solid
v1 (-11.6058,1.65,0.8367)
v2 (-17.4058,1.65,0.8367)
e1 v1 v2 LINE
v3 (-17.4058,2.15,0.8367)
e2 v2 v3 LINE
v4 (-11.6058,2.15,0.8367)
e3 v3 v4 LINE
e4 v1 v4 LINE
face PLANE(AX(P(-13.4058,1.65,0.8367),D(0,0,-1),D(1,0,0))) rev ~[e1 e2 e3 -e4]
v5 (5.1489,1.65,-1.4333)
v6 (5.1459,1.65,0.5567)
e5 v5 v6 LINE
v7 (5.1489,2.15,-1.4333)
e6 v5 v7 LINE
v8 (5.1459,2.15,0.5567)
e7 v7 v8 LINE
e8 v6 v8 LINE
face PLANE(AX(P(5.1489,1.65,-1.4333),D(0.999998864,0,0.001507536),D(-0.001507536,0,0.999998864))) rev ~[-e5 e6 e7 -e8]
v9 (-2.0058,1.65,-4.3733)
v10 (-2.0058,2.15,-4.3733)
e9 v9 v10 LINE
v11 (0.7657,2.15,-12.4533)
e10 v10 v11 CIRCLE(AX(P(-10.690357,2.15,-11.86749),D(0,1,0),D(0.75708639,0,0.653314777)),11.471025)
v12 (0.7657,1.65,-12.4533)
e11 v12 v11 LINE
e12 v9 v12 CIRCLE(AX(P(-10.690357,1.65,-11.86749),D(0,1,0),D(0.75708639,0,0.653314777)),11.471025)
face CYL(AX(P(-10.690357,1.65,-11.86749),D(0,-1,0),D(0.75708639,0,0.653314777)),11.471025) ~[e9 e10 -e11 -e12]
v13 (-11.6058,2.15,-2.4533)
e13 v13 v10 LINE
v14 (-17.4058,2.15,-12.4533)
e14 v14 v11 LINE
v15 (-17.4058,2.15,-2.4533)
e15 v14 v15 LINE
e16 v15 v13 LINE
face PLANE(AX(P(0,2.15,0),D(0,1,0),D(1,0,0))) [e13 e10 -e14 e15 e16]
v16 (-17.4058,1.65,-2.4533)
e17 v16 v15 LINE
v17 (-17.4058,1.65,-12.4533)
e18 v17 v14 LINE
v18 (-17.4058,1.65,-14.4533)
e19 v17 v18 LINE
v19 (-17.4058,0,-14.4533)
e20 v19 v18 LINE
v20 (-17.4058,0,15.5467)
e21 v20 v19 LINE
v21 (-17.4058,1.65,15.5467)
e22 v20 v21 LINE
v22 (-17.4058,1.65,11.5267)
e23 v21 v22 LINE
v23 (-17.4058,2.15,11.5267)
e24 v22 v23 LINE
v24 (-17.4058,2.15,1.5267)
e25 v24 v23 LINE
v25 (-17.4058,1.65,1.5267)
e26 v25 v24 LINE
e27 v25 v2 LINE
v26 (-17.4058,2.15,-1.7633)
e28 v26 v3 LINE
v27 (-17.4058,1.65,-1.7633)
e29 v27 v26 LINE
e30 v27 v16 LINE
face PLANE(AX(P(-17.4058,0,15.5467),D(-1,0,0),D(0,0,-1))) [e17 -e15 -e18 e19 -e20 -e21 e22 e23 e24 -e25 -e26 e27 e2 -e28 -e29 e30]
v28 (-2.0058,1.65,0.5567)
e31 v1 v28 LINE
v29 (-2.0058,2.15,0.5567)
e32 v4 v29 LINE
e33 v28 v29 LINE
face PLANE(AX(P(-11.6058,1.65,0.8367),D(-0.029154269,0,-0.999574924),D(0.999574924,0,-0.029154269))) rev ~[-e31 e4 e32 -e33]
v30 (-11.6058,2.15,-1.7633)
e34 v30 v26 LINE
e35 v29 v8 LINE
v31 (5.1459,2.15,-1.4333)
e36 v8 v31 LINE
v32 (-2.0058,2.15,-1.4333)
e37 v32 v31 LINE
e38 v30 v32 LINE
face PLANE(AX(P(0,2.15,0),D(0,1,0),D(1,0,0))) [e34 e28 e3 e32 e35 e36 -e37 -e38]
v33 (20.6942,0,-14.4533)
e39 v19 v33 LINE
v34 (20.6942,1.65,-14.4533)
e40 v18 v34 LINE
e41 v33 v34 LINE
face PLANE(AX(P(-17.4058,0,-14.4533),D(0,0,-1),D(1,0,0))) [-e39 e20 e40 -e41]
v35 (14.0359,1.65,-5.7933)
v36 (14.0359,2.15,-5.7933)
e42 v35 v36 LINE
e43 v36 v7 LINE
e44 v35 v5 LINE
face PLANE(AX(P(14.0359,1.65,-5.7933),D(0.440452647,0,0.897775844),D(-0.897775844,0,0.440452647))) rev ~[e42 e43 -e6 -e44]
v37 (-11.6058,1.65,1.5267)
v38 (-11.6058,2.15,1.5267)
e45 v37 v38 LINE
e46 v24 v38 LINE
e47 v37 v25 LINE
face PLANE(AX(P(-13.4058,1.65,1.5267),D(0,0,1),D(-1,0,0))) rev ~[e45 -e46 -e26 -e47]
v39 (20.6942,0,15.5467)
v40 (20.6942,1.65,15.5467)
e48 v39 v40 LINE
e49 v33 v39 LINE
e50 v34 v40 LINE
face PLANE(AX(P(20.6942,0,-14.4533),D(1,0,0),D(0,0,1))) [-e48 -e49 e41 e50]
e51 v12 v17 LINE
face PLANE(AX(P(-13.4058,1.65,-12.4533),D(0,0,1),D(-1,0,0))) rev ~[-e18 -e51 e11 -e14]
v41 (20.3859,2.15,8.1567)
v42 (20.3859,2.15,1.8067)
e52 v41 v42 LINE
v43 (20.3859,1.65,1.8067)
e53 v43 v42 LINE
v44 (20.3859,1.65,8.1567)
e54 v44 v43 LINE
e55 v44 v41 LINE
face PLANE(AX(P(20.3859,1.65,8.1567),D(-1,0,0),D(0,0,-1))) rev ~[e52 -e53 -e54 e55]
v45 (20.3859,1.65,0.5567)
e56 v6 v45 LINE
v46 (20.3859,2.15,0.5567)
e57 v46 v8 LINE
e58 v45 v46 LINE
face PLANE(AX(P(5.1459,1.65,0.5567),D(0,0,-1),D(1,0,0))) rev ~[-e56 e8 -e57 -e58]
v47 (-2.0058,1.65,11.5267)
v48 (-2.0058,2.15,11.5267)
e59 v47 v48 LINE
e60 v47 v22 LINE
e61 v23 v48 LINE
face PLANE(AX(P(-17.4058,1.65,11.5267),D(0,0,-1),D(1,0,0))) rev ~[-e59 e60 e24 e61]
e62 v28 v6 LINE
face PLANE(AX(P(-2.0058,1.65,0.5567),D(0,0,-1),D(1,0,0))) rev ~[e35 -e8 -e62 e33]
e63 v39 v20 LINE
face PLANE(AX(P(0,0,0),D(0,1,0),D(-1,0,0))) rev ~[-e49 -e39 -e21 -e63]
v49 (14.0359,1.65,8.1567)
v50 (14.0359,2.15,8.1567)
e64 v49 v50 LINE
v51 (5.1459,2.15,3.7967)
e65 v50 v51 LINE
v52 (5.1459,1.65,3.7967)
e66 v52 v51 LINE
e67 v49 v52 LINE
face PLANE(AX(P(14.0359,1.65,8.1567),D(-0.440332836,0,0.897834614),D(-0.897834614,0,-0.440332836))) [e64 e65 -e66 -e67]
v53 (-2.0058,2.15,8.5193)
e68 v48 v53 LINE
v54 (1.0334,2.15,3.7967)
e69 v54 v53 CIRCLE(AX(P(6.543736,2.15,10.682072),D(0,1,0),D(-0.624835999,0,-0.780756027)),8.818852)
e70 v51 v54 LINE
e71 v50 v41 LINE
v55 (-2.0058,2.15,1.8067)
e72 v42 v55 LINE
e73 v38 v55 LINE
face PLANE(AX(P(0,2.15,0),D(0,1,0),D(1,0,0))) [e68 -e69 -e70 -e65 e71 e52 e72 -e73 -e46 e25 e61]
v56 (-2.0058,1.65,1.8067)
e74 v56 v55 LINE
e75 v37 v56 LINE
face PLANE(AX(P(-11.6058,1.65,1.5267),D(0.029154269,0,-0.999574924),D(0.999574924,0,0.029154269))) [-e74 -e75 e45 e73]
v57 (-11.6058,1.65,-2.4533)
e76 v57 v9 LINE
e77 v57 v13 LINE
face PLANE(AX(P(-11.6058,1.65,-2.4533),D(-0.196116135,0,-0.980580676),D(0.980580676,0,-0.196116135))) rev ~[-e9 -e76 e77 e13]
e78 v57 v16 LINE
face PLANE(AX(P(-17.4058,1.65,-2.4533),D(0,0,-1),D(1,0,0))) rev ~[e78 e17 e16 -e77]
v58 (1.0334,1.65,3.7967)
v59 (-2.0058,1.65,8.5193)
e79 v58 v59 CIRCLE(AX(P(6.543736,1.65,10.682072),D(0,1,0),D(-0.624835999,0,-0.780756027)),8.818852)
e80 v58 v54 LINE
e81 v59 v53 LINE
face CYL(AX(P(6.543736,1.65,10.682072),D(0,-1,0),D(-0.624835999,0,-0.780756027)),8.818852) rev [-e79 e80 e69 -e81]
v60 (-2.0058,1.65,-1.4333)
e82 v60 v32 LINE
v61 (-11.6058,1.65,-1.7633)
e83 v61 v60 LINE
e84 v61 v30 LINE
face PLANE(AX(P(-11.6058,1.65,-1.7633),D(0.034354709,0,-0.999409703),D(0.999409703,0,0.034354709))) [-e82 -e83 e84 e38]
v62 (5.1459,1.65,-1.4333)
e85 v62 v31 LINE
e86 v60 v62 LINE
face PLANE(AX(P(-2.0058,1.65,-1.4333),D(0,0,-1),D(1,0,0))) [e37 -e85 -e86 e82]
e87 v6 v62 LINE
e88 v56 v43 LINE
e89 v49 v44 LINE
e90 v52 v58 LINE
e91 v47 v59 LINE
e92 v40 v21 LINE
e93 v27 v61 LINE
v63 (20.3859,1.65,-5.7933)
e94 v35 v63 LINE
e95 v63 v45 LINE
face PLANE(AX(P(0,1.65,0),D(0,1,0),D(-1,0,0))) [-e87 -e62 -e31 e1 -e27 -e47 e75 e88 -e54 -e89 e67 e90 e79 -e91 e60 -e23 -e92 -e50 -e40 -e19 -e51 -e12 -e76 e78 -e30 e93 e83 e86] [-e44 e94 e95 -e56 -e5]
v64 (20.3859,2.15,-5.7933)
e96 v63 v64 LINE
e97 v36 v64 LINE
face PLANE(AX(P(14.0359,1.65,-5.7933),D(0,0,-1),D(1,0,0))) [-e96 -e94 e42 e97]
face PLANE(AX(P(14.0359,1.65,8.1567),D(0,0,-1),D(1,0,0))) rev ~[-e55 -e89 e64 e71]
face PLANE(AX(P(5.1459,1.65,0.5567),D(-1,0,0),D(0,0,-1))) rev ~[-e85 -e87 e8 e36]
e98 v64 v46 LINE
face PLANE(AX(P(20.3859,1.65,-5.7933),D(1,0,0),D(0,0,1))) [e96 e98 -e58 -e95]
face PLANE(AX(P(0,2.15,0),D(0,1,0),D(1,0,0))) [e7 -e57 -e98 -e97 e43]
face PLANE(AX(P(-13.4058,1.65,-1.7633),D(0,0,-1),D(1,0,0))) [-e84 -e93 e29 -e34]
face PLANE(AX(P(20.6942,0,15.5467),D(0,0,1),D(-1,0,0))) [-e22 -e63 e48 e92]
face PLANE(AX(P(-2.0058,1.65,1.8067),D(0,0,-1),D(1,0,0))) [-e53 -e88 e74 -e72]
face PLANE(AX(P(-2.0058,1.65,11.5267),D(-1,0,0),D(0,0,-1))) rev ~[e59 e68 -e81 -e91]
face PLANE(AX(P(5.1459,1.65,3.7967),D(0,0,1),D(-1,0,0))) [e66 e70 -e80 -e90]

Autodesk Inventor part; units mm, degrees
ref_plane "YZ Plane" through (0, 0, 0) normal (1, 0, 0) x (0, 1, 0)
ref_plane "XZ Plane" through (0, 0, 0) normal (0, 1, 0) x (-1, 0, 0)
ref_plane "XY Plane" through (0, 0, 0) normal (0, 0, 1) x (1, 0, 0)
sketch "Sketch1" plane through (0, 0, 0) normal (0, 1, 0) x (-1, 0, 0)
  line L0 (-20.6942, 15.5467) -> (17.4058, 15.5467)
  line L1 (17.4058, 15.5467) -> (17.4058, -14.4533)
  line L2 (17.4058, -14.4533) -> (-20.6942, -14.4533)
  line L3 (-20.6942, -14.4533) -> (-20.6942, 15.5467)
  point P0 (0, 0)
  dimension "d24" = 30
  dimension "d31" = 38.1
extrude "Extrusion1" add sketch "Sketch1" along normal blind 1.65
sketch "Sketch2" plane through (0, 1.65, 0) normal (0, 1, 0) x (1, 0, 0)
  line L0 (20.6942, 14.4533) -> (-17.4058, 14.4533) projected
  line L1 (-17.4058, 14.4533) -> (-17.4058, -15.5467) projected
  line L2 (-13.4058, -0.8367) -> (-11.6058, -0.8367)
  line L3 (-11.6058, -0.8367) -> (-2.0058, -0.5567)
  line L4 (-2.0058, -0.5567) -> (5.1459, -0.5567)
  line L5 (-13.4058, 1.7633) -> (-13.5518, 1.7633)
  line L6 (-13.4058, -1.5267) -> (-11.6058, -1.5267)
  line L7 (5.1459, -3.7967) -> (1.0334, -3.7967)
  line L8 (-13.4058, 2.4533) -> (-11.6058, 2.4533)
  arc A0 (1.0334, -3.7967) -> (-2.0058, -8.5193) centre (6.5441, -10.6824) ccw
  line L9 (-13.4058, 2.4533) -> (-13.4058, 4.3733)
  line L10 (-13.4058, 4.3733) -> (-2.0058, 4.3733)
  line L11 (-13.4058, 1.7633) -> (-13.4058, -0.8367)
  line L12 (-13.4058, -1.5267) -> (-13.4058, -11.5267)
  line L13 (-13.4058, -11.5267) -> (-2.0058, -11.5267)
  line L14 (-2.0058, -11.5267) -> (-2.0058, -8.5193)
  line L15 (5.1459, -3.7967) -> (5.1459, -1.8067)
  line L16 (5.1459, -0.5567) -> (5.1459, 1.4333)
  line L17 (-2.0058, -1.8067) -> (5.1459, -1.8067)
  line L18 (-13.4058, 1.7633) -> (-11.6058, 1.7633)
  line L19 (-11.6058, 1.7633) -> (-2.0058, 1.4333)
  line L20 (-2.0058, 1.4333) -> (5.1459, 1.4333)
  line L21 (-11.6058, 2.4533) -> (-2.0058, 4.3733)
  line L22 (-11.6058, -1.5267) -> (-2.0058, -1.8067)
  line L23 (-13.4058, 4.3733) -> (-13.4058, 12.4533)
  line L24 (-13.4058, 12.4533) -> (0.7657, 12.4533)
  arc A1 (-2.0058, 4.3733) -> (0.7657, 12.4533) centre (-10.6902, 11.8674) ccw
  line L25 (-13.4058, 12.4533) -> (-17.4058, 12.4533)
  line L26 (-17.4058, 12.4533) -> (-17.4058, 2.4533)
  line L27 (-17.4058, 2.4533) -> (-13.4058, 2.4533)
  line L28 (-13.4058, 2.4533) -> (-13.4058, 12.4533)
  line L29 (-13.4058, -1.5267) -> (-17.4058, -1.5267)
  line L30 (-17.4058, -1.5267) -> (-17.4058, -11.5267)
  line L31 (-17.4058, -11.5267) -> (-13.4058, -11.5267)
  line L32 (-13.4058, -11.5267) -> (-13.4058, -1.5267)
  line L33 (-13.4058, -0.8367) -> (-17.4058, -0.8367)
  line L34 (-17.4058, -0.8367) -> (-17.4058, 1.7633)
  line L35 (-17.4058, 1.7633) -> (-13.4058, 1.7633)
  line L36 (-13.4058, 1.7633) -> (-13.4058, -0.8367)
  line L37 (5.1489, 1.4333) -> (5.1459, -0.5567)
  line L38 (5.1459, -2.1721) -> (5.1459, -3.7967)
  line L39 (14.0359, -0.5567) -> (14.0359, 5.7933)
  line L40 (14.0359, 5.7933) -> (5.1489, 1.4333)
  line L41 (5.1459, -1.8067) -> (14.0359, -1.8067)
  line L42 (14.0359, -1.8067) -> (14.0359, -8.1567)
  line L43 (14.0359, -8.1567) -> (5.1459, -3.7967)
  line L44 (5.1459, -0.5567) -> (14.0359, -0.5567)
  line L45 (14.0359, 5.7933) -> (20.3859, 5.7933)
  line L46 (20.3859, 5.7933) -> (20.3859, -0.5567)
  line L47 (20.3859, -0.5567) -> (14.0359, -0.5567)
  line L48 (14.0359, -0.5567) -> (14.0359, 5.7933)
  line L49 (14.0359, -8.1567) -> (20.3859, -8.1567)
  line L50 (20.3859, -8.1567) -> (20.3859, -1.8067)
  line L51 (20.3859, -1.8067) -> (14.0359, -1.8067)
  line L52 (14.0359, -1.8067) -> (14.0359, -8.1567)
  point P0 (0, 0)
  dimension "d2" = 2.6
  dimension "d3" = 0.69
  dimension "d4" = 0.69
  dimension "d5" = 1.99
  dimension "d7" = 1.8
  dimension "d8" = 1.8
  dimension "d10" = 10
  dimension "d11" = 1.8
  dimension "d12" = 1.25
  dimension "d14" = 1.8
  dimension "d15" = 0.28
  dimension "d16" = 1.99
  dimension "d17" = 9.6
  dimension "d18" = 9.6
  dimension "d19" = 9.6
  dimension "d20" = 9.6
  dimension "d21" = 2.94
  dimension "d22" = 0
  dimension "d23" = 10
  dimension "d25" = 4
  dimension "d27" = 0
  dimension "d28" = 2
  dimension "d32" = 6.35
  dimension "d33" = 6.35
  dimension "d34" = 8.89
  dimension "d35" = 6.35
extrude "Extrusion2" add sketch "Sketch2" along normal blind 0.5
properties part number "Balun"
